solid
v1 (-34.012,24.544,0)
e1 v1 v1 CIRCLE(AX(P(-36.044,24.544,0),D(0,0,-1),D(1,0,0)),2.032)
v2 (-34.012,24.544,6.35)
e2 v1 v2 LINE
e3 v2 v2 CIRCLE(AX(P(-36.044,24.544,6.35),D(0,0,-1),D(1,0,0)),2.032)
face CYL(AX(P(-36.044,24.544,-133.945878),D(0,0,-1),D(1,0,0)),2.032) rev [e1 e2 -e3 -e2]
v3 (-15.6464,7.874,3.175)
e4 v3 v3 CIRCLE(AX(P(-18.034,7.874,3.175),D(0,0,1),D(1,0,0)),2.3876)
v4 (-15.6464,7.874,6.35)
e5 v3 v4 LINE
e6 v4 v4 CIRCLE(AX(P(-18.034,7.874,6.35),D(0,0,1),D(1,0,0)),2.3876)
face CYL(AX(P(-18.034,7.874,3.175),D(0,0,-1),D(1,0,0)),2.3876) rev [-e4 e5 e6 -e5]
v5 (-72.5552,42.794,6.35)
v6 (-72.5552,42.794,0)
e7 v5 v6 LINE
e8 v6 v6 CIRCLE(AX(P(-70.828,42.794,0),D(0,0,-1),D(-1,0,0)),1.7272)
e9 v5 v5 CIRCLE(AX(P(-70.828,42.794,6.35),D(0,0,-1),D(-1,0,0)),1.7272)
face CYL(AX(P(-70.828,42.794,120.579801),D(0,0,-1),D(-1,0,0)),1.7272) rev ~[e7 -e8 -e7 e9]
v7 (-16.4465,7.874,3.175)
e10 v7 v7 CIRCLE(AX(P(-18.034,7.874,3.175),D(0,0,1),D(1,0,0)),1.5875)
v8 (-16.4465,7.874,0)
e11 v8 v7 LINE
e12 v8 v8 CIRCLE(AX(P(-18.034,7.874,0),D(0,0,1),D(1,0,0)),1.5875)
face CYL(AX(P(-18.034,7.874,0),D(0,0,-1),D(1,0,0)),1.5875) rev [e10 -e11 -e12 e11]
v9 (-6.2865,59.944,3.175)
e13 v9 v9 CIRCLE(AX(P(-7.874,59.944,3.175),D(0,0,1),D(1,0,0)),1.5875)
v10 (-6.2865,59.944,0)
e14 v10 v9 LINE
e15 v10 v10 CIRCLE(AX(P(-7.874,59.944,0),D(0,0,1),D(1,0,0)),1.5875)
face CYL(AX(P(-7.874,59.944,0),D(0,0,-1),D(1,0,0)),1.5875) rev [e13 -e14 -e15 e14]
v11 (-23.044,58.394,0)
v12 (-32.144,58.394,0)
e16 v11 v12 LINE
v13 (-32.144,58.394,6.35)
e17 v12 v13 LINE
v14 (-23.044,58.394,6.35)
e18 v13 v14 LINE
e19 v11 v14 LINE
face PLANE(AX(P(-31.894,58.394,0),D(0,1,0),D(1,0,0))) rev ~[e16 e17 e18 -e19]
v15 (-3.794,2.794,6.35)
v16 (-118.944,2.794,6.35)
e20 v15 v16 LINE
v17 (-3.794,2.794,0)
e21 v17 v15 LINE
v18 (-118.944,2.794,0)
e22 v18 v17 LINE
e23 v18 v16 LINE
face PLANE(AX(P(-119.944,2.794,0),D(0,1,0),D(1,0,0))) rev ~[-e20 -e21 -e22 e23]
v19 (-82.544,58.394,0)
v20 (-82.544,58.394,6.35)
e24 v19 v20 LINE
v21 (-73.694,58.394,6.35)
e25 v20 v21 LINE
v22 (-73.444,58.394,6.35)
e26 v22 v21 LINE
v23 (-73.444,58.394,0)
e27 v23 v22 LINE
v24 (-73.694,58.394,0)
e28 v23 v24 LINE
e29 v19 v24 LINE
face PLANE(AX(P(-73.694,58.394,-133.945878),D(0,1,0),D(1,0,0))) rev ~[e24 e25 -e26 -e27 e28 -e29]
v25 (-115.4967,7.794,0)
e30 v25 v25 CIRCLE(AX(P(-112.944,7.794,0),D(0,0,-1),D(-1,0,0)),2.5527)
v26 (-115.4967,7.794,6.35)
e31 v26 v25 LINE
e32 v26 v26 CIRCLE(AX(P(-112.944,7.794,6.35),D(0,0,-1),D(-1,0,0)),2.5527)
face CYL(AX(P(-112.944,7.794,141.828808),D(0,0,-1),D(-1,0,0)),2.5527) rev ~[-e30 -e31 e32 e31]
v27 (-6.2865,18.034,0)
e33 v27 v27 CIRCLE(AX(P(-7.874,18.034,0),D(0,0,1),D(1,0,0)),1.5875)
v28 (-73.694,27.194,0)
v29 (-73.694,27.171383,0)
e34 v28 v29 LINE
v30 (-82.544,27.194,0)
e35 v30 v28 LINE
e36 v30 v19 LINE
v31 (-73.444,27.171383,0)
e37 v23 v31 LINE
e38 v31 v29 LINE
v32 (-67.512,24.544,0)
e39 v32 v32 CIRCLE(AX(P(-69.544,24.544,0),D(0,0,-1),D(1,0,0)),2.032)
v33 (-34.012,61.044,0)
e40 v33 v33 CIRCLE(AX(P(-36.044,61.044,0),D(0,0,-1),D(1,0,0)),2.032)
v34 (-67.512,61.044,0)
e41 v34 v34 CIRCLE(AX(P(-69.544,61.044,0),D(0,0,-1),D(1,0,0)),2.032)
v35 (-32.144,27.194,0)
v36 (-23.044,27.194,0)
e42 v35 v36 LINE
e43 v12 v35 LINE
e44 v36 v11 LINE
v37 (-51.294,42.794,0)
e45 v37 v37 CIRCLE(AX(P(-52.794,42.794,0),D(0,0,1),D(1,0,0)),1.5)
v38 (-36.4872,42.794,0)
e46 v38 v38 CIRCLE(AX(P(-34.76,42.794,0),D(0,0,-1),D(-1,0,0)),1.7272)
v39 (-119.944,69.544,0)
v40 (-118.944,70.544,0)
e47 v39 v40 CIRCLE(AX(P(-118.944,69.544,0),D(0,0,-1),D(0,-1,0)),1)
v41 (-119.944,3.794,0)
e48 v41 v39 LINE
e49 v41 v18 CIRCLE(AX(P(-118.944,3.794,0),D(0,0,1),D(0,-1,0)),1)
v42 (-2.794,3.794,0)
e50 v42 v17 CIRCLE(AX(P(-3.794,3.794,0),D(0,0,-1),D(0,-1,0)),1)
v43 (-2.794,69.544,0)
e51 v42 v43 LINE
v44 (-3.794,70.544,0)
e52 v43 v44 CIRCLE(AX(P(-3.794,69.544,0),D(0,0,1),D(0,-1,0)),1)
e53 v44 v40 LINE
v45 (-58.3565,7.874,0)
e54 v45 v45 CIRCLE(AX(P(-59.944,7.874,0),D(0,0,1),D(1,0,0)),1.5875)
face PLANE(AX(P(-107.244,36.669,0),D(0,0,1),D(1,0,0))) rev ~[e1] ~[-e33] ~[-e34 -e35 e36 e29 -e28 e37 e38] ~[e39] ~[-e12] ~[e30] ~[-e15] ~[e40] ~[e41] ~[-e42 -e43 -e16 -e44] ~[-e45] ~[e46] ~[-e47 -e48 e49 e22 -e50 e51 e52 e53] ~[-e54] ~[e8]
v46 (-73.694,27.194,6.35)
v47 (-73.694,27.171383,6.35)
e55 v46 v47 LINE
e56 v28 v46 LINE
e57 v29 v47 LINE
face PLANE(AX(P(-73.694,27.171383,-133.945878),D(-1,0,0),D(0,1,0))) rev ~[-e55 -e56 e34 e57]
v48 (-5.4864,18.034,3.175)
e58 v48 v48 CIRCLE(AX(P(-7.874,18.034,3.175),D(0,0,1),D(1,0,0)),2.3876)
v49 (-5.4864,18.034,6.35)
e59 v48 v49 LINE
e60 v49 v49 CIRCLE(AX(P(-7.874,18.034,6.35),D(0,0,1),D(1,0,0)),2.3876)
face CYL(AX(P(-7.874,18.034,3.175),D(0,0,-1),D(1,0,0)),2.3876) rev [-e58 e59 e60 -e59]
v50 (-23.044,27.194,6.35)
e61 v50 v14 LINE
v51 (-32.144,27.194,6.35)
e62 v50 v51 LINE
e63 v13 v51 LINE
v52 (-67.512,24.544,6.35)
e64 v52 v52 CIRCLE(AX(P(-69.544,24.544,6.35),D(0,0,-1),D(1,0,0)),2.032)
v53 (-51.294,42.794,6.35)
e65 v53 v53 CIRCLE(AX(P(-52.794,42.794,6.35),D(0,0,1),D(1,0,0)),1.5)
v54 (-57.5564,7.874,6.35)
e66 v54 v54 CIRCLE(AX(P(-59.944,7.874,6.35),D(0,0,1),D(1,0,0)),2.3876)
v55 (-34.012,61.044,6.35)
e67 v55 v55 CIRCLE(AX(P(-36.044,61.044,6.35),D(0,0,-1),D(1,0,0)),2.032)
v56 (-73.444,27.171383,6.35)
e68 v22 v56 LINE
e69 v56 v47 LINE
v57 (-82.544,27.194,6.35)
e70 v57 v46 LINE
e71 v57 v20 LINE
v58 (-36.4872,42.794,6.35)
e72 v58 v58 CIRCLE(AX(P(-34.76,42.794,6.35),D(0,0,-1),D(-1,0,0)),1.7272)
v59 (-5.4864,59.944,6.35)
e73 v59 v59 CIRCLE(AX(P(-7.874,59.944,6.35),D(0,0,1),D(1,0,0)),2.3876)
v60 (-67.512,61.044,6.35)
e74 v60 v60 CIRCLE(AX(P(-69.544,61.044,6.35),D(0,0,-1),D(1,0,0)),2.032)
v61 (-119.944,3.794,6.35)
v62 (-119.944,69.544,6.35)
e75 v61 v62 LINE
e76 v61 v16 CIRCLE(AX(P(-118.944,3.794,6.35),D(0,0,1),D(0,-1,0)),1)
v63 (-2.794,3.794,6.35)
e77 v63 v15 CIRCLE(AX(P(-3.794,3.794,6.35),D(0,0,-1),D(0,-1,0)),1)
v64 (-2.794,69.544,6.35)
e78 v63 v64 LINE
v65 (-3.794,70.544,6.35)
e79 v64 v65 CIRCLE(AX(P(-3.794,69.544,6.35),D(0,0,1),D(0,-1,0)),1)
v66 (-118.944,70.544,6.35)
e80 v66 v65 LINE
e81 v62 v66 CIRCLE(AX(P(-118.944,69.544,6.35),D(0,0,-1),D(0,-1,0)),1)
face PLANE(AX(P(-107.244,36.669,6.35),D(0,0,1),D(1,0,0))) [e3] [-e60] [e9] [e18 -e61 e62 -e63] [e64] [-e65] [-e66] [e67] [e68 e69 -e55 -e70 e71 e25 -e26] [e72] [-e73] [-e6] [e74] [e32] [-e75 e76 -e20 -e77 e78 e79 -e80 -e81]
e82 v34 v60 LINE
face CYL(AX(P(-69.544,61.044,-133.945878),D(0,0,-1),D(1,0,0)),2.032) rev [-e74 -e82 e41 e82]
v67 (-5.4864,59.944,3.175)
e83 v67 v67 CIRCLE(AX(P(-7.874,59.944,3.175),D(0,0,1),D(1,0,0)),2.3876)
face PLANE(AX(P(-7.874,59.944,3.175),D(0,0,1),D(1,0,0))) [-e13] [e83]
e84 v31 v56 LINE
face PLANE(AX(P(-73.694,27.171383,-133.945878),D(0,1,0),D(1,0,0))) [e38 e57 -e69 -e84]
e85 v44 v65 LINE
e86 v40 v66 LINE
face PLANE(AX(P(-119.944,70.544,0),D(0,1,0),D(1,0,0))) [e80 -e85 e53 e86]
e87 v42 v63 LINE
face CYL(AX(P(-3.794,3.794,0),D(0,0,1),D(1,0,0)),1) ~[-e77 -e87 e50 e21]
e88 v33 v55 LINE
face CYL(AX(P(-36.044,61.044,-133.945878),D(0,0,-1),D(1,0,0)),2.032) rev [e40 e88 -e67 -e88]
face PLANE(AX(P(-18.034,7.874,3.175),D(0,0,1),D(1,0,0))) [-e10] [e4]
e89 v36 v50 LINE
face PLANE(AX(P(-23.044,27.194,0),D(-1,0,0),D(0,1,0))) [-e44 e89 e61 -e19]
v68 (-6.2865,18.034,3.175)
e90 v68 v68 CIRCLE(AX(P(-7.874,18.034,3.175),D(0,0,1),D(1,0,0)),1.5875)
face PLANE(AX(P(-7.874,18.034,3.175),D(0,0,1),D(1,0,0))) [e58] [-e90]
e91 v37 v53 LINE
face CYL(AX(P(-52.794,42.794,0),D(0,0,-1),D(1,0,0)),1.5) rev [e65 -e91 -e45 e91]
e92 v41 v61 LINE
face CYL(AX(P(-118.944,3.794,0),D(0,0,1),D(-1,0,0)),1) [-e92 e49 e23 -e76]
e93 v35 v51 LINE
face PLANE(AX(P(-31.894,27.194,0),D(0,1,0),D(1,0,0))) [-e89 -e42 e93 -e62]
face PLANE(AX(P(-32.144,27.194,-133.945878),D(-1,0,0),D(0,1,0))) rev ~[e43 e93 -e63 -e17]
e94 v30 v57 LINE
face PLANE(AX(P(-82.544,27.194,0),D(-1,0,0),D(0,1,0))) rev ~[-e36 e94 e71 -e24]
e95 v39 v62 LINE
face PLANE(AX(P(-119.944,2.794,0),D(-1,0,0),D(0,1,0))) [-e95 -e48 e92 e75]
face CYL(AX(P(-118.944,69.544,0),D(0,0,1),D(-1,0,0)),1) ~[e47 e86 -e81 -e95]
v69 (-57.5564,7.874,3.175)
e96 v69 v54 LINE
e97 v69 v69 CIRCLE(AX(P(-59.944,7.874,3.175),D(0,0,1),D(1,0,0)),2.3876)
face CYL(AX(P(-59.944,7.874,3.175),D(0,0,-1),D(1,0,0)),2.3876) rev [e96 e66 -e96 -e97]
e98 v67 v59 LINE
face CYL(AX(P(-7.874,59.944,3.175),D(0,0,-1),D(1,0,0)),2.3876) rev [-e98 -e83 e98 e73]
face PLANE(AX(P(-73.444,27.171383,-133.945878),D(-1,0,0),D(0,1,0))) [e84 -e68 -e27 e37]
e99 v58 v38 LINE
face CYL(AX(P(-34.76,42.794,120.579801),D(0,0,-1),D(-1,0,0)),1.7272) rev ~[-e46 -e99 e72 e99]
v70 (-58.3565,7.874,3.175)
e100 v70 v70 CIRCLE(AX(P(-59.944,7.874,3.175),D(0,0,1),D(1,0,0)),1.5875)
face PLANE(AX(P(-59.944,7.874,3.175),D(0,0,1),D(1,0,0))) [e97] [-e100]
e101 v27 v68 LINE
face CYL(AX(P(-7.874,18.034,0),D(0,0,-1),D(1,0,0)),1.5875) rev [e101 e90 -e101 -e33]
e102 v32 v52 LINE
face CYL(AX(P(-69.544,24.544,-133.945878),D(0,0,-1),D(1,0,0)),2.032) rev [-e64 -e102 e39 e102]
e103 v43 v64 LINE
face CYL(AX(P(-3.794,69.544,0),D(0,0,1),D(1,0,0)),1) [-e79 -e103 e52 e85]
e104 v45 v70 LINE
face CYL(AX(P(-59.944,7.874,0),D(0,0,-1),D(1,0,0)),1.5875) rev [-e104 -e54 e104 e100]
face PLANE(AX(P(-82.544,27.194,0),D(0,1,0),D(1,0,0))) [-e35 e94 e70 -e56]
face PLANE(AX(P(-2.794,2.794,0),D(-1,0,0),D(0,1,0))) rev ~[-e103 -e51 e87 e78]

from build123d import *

# Parameters (mm, degrees)
SKETCH5_W               = 91.75
SKETCH5_H               = 67.75
SKETCH5_R               = 2.3876
SKETCH5_R_2             = 3.683
SKETCH5_R_3             = 1.5
SKETCH5_W_2             = 8.85
SKETCH5_H_2             = 31.2
SKETCH5_R_4             = 1.5875
BOSS_EXTRUDE1_DEPTH     = 6.35
F_8_32_TAPPED_HOLE1_D   = 3.4544
CUT_EXTRUDE2_START      = 3.175
SKETCH5_3_R             = 2.3876
SKETCH5_3_R_2           = 1.5875
CUT_EXTRUDE2_DEPTH      = 3.175
SKETCH8_W               = 25.4
SKETCH8_H               = 67.75
SKETCH8_R               = 1
BOSS_EXTRUDE2_DEPTH     = 6.35
F_1_4_20_TAPPED_HOLE2_D = 5.1054
CUT_EXTRUDE3_DEPTH      = 140.2958778
CUT_EXTRUDE3_DEPTH_BACK = 140.2958778
SKETCH11_R              = 2.032
CUT_EXTRUDE4_DEPTH      = 140.2958778
CUT_EXTRUDE4_DEPTH_BACK = 140.2958778
SKETCH12_W              = 0.25
SKETCH12_H              = 31.2
SKETCH12_H_2            = 31.222616973
FILLET2_R               = 1


with BuildPart() as part:
    # Sketch5 → Boss-Extrude1 (new body)
    # profile 1 of 6: a face of its own
    with BuildSketch(Plane.XY):
        with Locations((-48.669, 36.669)):
            Rectangle(SKETCH5_W, SKETCH5_H)
        with Locations((-7.874, 18.034)):
            Circle(SKETCH5_R, mode=Mode.SUBTRACT)
        with Locations((-7.874, 59.944)):
            Circle(SKETCH5_R, mode=Mode.SUBTRACT)
        with Locations((-18.034, 7.874)):
            Circle(SKETCH5_R, mode=Mode.SUBTRACT)
        with Locations((-59.944, 7.874)):
            Circle(SKETCH5_R, mode=Mode.SUBTRACT)
        with Locations((-19.9136, 19.9136)):
            Circle(SKETCH5_R_2, mode=Mode.SUBTRACT)
        with Locations((-52.794, 42.794)):
            Circle(SKETCH5_R_3, mode=Mode.SUBTRACT)
        with Locations((-78.119, 42.794)):
            Rectangle(SKETCH5_W_2, SKETCH5_H_2, mode=Mode.SUBTRACT)
        with Locations((-27.469, 42.794)):
            Rectangle(SKETCH5_W_2, SKETCH5_H_2, mode=Mode.SUBTRACT)
    # profile 2 of 6: a face of its own
    with BuildSketch(Plane.XY):
        with Locations((-7.874, 59.944)):
            Circle(SKETCH5_R)
        with Locations((-7.874, 59.944)):
            Circle(SKETCH5_R_4, mode=Mode.SUBTRACT)
    # profile 3 of 6: a face of its own
    with BuildSketch(Plane.XY):
        with Locations((-19.9136, 19.9136)):
            Circle(SKETCH5_R_2)
    # profile 4 of 6: a face of its own
    with BuildSketch(Plane.XY):
        with Locations((-7.874, 18.034)):
            Circle(SKETCH5_R)
        with Locations((-7.874, 18.034)):
            Circle(SKETCH5_R_4, mode=Mode.SUBTRACT)
    # profile 5 of 6: a face of its own
    with BuildSketch(Plane.XY):
        with Locations((-18.034, 7.874)):
            Circle(SKETCH5_R)
        with Locations((-18.034, 7.874)):
            Circle(SKETCH5_R_4, mode=Mode.SUBTRACT)
    # profile 6 of 6: a face of its own
    with BuildSketch(Plane.XY):
        with Locations((-59.944, 7.874)):
            Circle(SKETCH5_R)
        with Locations((-59.944, 7.874)):
            Circle(SKETCH5_R_4, mode=Mode.SUBTRACT)
    extrude(amount=BOSS_EXTRUDE1_DEPTH)

    # #8-32 Tapped Hole1 (through all)
    with Locations(Plane(origin=(-70.828, 42.794, 6.35), x_dir=(1, 0, 0), z_dir=(0, 0, 1))):
        with Locations((0, 0), (36.068, 0)):
            Hole(F_8_32_TAPPED_HOLE1_D / 2)

    # Sketch5<3> → Cut-Extrude2 (cut)
    # profile 1 of 4: a face of its own
    with BuildSketch(Plane.XY.offset(CUT_EXTRUDE2_START)):
        with Locations((-18.034, 7.874)):
            Circle(SKETCH5_3_R)
        with Locations((-18.034, 7.874)):
            Circle(SKETCH5_3_R_2, mode=Mode.SUBTRACT)
    # profile 2 of 4: a face of its own
    with BuildSketch(Plane.XY.offset(CUT_EXTRUDE2_START)):
        with Locations((-7.874, 18.034)):
            Circle(SKETCH5_3_R)
        with Locations((-7.874, 18.034)):
            Circle(SKETCH5_3_R_2, mode=Mode.SUBTRACT)
    # profile 3 of 4: a face of its own
    with BuildSketch(Plane.XY.offset(CUT_EXTRUDE2_START)):
        with Locations((-59.944, 7.874)):
            Circle(SKETCH5_3_R)
        with Locations((-59.944, 7.874)):
            Circle(SKETCH5_3_R_2, mode=Mode.SUBTRACT)
    # profile 4 of 4: a face of its own
    with BuildSketch(Plane.XY.offset(CUT_EXTRUDE2_START)):
        with Locations((-7.874, 59.944)):
            Circle(SKETCH5_3_R)
        with Locations((-7.874, 59.944)):
            Circle(SKETCH5_3_R_2, mode=Mode.SUBTRACT)
    extrude(amount=CUT_EXTRUDE2_DEPTH, mode=Mode.SUBTRACT)

    # Sketch8 → Boss-Extrude2 (add)
    with BuildSketch(Plane.XY):
        with Locations((-107.244, 36.669)):
            Rectangle(SKETCH8_W, SKETCH8_H)
        with Locations((-112.944, 7.794)):
            Circle(SKETCH8_R, mode=Mode.SUBTRACT)
    extrude(amount=BOSS_EXTRUDE2_DEPTH)

    # 1/4-20 Tapped Hole2 (through all)
    with Locations(Plane(origin=(-112.944, 7.794, 6.35), x_dir=(1, 0, 0), z_dir=(0, 0, 1))):
        with Locations((0, 0)):
            Hole(F_1_4_20_TAPPED_HOLE2_D / 2)

    # Sketch11 → Cut-Extrude3 (cut, two sides: drawn at the far end of the back side and taken through both)
    with BuildSketch(Plane.XY.offset(6.35).offset(-CUT_EXTRUDE3_DEPTH_BACK)):
        with Locations((-69.544, 61.044)):
            Circle(SKETCH11_R)
        with Locations((-36.044, 61.044)):
            Circle(SKETCH11_R)
        with Locations((-36.044, 24.544)):
            Circle(SKETCH11_R)
        with Locations((-69.544, 24.544)):
            Circle(SKETCH11_R)
    extrude(amount=CUT_EXTRUDE3_DEPTH + CUT_EXTRUDE3_DEPTH_BACK, mode=Mode.SUBTRACT)

    # Sketch12 → Cut-Extrude4 (cut, two sides: drawn at the far end of the back side and taken through both)
    with BuildSketch(Plane.XY.offset(6.35).offset(-CUT_EXTRUDE4_DEPTH_BACK)):
        with Locations((-32.019, 42.794)):
            Rectangle(SKETCH12_W, SKETCH12_H)
        with Locations((-73.569, 42.782691514)):
            Rectangle(SKETCH12_W, SKETCH12_H_2)
    extrude(amount=CUT_EXTRUDE4_DEPTH + CUT_EXTRUDE4_DEPTH_BACK, mode=Mode.SUBTRACT)

    # Fillet2
    fillet2_edges = [part.edges().sort_by_distance(p)[0] for p in [
        (-119.944, 70.544, 3.175),
        (-2.794, 2.794, 3.175),
        (-2.794, 70.544, 3.175),
        (-119.944, 2.794, 3.175),
    ]]
    fillet(fillet2_edges, radius=FILLET2_R)


solid = part.part
